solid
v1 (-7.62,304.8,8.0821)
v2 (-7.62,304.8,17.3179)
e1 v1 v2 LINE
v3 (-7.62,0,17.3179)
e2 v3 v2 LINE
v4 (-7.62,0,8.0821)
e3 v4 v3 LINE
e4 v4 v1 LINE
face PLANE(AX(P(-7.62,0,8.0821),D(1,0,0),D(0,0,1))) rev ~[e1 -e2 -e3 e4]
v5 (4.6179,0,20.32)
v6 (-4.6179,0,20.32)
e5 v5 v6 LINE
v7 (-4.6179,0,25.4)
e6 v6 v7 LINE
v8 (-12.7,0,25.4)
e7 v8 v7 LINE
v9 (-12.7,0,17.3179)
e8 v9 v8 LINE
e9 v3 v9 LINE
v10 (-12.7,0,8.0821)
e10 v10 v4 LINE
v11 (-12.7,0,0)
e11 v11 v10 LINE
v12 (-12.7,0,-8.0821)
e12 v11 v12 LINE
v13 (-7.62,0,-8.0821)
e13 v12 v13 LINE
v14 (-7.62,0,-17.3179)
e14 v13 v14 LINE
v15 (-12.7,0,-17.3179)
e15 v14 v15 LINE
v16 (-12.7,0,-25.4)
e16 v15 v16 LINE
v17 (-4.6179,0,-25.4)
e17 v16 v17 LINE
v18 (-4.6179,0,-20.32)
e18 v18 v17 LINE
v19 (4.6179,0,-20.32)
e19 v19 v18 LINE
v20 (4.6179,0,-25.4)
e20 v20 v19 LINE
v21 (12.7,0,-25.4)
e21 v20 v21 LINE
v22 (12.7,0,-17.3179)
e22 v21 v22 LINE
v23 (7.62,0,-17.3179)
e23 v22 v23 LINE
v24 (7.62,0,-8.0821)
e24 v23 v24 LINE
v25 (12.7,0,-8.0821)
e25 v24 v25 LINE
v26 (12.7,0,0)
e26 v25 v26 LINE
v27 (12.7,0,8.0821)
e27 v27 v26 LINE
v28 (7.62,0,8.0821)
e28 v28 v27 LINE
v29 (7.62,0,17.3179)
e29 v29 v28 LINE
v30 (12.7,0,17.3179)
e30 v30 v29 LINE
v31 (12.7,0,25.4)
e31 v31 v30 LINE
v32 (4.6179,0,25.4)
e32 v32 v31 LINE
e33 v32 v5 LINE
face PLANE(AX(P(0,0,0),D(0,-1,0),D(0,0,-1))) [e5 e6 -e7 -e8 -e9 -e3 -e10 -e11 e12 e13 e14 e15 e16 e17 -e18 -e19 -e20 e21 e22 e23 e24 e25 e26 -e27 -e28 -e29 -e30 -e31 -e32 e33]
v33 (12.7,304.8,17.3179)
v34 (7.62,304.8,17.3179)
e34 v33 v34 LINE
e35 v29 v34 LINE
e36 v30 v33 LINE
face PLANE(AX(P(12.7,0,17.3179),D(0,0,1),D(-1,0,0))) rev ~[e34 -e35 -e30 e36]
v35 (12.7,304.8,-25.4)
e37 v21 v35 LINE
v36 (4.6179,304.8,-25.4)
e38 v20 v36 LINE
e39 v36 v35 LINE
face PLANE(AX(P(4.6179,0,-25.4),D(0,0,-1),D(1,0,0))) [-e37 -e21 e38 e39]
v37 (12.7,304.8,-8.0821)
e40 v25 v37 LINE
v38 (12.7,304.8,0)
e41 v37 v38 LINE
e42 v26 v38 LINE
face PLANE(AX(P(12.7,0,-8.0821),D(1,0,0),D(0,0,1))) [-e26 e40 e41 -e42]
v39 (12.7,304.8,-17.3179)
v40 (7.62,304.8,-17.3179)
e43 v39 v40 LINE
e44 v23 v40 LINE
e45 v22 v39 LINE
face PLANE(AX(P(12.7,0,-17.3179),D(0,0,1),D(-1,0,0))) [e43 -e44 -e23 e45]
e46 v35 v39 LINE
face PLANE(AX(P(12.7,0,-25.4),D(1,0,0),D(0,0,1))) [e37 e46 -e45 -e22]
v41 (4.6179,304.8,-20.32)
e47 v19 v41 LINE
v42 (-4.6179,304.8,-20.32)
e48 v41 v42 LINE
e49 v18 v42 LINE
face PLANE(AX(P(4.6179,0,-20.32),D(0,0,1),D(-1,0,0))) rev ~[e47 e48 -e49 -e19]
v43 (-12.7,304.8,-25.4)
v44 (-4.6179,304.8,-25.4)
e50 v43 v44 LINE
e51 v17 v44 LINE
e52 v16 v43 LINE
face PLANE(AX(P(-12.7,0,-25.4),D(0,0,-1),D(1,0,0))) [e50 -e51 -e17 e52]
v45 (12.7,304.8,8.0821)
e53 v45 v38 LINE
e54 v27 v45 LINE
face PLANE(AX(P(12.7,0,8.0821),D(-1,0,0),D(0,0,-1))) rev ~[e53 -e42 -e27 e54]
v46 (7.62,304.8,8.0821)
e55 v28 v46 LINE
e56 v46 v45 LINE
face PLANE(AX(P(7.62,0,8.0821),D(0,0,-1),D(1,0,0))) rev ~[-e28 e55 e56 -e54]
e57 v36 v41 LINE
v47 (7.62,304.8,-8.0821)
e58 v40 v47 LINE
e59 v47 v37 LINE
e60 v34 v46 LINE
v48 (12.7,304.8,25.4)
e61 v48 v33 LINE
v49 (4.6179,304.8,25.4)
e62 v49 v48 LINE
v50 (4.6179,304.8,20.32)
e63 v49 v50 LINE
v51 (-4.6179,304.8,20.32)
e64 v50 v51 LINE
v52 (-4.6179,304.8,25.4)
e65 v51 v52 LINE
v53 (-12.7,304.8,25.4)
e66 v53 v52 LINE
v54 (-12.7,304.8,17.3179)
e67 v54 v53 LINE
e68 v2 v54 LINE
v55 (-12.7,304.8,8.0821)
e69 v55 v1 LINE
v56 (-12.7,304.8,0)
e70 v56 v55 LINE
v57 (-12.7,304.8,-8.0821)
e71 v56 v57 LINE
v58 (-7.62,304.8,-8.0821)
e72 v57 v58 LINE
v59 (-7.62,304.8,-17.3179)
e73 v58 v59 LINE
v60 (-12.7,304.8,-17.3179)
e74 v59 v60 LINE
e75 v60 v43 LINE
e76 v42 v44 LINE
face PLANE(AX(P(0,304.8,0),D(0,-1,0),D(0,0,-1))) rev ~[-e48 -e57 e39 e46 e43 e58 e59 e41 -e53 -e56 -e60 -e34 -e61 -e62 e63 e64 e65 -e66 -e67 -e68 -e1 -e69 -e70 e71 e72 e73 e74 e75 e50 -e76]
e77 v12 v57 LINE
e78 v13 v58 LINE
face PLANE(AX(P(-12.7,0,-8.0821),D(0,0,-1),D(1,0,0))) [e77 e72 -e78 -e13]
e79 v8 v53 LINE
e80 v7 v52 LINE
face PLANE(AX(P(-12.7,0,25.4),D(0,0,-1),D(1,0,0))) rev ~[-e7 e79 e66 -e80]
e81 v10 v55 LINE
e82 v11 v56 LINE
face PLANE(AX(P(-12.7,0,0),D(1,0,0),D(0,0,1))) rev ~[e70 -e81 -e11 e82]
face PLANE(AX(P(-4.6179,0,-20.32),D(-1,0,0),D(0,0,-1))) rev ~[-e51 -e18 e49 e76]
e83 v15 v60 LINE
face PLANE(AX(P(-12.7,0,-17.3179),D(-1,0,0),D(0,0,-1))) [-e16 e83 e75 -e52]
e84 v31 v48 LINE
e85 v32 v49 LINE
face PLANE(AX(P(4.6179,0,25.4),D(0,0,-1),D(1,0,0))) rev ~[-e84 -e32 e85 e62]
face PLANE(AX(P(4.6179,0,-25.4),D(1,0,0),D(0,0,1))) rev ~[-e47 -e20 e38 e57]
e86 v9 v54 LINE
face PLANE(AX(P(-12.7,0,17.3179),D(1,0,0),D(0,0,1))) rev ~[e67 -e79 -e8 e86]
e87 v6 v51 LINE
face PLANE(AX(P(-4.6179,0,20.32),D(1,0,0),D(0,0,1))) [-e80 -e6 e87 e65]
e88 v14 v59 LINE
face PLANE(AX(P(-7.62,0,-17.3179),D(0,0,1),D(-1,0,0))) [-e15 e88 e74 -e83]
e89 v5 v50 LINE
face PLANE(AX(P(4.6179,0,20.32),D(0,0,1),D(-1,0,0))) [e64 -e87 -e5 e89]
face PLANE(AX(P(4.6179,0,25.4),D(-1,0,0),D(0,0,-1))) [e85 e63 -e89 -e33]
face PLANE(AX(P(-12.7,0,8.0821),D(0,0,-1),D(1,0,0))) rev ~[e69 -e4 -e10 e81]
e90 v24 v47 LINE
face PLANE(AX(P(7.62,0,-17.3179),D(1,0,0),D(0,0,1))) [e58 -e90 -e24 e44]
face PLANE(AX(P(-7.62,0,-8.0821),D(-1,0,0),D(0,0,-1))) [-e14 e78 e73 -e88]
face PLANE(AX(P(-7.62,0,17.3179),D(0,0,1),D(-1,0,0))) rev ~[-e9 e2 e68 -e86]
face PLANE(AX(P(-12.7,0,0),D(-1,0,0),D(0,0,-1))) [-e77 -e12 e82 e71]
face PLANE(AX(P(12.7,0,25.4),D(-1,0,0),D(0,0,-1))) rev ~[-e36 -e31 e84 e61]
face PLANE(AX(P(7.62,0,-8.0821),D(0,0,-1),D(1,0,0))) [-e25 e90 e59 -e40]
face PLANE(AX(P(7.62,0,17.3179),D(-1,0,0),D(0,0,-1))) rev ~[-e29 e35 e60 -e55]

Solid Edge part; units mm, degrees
sketch "Sketch1" plane through (0, 0, 0) normal (0, -1, 0) x (1, 0, 0)
  line L0 (12.7, -25.4) -> (12.7, -17.3179)
  line L1 (12.7, -17.3179) -> (7.62, -17.3179)
  line L2 (7.62, -17.3179) -> (7.62, -8.0821)
  line L3 (7.62, -8.0821) -> (12.7, -8.0821)
  line L4 (12.7, -8.0821) -> (12.7, 0)
  line L5 (12.7, 8.0821) -> (12.7, 0)
  line L6 (7.62, 8.0821) -> (12.7, 8.0821)
  line L7 (7.62, 17.3179) -> (7.62, 8.0821)
  line L8 (12.7, 17.3179) -> (7.62, 17.3179)
  line L9 (12.7, 25.4) -> (12.7, 17.3179)
  line L10 (4.6179, 25.4) -> (12.7, 25.4)
  line L11 (4.6179, 25.4) -> (4.6179, 20.32)
  line L12 (4.6179, 20.32) -> (-4.6179, 20.32)
  line L13 (-4.6179, 20.32) -> (-4.6179, 25.4)
  line L14 (-12.7, 25.4) -> (-4.6179, 25.4)
  line L15 (-12.7, 17.3179) -> (-12.7, 25.4)
  line L16 (-7.62, 17.3179) -> (-12.7, 17.3179)
  line L17 (-7.62, 8.0821) -> (-7.62, 17.3179)
  line L18 (-12.7, 8.0821) -> (-7.62, 8.0821)
  line L19 (-12.7, 0) -> (-12.7, 8.0821)
  line L20 (-12.7, 0) -> (-12.7, -8.0821)
  line L21 (-12.7, -8.0821) -> (-7.62, -8.0821)
  line L22 (-7.62, -8.0821) -> (-7.62, -17.3179)
  line L23 (-7.62, -17.3179) -> (-12.7, -17.3179)
  line L24 (-12.7, -17.3179) -> (-12.7, -25.4)
  line L25 (-12.7, -25.4) -> (-4.6179, -25.4)
  line L26 (-4.6179, -20.32) -> (-4.6179, -25.4)
  line L27 (4.6179, -20.32) -> (-4.6179, -20.32)
  line L28 (4.6179, -25.4) -> (4.6179, -20.32)
  line L29 (4.6179, -25.4) -> (12.7, -25.4)
extrude "Protrusion1" add sketch "Sketch1" against normal blind 304.8
